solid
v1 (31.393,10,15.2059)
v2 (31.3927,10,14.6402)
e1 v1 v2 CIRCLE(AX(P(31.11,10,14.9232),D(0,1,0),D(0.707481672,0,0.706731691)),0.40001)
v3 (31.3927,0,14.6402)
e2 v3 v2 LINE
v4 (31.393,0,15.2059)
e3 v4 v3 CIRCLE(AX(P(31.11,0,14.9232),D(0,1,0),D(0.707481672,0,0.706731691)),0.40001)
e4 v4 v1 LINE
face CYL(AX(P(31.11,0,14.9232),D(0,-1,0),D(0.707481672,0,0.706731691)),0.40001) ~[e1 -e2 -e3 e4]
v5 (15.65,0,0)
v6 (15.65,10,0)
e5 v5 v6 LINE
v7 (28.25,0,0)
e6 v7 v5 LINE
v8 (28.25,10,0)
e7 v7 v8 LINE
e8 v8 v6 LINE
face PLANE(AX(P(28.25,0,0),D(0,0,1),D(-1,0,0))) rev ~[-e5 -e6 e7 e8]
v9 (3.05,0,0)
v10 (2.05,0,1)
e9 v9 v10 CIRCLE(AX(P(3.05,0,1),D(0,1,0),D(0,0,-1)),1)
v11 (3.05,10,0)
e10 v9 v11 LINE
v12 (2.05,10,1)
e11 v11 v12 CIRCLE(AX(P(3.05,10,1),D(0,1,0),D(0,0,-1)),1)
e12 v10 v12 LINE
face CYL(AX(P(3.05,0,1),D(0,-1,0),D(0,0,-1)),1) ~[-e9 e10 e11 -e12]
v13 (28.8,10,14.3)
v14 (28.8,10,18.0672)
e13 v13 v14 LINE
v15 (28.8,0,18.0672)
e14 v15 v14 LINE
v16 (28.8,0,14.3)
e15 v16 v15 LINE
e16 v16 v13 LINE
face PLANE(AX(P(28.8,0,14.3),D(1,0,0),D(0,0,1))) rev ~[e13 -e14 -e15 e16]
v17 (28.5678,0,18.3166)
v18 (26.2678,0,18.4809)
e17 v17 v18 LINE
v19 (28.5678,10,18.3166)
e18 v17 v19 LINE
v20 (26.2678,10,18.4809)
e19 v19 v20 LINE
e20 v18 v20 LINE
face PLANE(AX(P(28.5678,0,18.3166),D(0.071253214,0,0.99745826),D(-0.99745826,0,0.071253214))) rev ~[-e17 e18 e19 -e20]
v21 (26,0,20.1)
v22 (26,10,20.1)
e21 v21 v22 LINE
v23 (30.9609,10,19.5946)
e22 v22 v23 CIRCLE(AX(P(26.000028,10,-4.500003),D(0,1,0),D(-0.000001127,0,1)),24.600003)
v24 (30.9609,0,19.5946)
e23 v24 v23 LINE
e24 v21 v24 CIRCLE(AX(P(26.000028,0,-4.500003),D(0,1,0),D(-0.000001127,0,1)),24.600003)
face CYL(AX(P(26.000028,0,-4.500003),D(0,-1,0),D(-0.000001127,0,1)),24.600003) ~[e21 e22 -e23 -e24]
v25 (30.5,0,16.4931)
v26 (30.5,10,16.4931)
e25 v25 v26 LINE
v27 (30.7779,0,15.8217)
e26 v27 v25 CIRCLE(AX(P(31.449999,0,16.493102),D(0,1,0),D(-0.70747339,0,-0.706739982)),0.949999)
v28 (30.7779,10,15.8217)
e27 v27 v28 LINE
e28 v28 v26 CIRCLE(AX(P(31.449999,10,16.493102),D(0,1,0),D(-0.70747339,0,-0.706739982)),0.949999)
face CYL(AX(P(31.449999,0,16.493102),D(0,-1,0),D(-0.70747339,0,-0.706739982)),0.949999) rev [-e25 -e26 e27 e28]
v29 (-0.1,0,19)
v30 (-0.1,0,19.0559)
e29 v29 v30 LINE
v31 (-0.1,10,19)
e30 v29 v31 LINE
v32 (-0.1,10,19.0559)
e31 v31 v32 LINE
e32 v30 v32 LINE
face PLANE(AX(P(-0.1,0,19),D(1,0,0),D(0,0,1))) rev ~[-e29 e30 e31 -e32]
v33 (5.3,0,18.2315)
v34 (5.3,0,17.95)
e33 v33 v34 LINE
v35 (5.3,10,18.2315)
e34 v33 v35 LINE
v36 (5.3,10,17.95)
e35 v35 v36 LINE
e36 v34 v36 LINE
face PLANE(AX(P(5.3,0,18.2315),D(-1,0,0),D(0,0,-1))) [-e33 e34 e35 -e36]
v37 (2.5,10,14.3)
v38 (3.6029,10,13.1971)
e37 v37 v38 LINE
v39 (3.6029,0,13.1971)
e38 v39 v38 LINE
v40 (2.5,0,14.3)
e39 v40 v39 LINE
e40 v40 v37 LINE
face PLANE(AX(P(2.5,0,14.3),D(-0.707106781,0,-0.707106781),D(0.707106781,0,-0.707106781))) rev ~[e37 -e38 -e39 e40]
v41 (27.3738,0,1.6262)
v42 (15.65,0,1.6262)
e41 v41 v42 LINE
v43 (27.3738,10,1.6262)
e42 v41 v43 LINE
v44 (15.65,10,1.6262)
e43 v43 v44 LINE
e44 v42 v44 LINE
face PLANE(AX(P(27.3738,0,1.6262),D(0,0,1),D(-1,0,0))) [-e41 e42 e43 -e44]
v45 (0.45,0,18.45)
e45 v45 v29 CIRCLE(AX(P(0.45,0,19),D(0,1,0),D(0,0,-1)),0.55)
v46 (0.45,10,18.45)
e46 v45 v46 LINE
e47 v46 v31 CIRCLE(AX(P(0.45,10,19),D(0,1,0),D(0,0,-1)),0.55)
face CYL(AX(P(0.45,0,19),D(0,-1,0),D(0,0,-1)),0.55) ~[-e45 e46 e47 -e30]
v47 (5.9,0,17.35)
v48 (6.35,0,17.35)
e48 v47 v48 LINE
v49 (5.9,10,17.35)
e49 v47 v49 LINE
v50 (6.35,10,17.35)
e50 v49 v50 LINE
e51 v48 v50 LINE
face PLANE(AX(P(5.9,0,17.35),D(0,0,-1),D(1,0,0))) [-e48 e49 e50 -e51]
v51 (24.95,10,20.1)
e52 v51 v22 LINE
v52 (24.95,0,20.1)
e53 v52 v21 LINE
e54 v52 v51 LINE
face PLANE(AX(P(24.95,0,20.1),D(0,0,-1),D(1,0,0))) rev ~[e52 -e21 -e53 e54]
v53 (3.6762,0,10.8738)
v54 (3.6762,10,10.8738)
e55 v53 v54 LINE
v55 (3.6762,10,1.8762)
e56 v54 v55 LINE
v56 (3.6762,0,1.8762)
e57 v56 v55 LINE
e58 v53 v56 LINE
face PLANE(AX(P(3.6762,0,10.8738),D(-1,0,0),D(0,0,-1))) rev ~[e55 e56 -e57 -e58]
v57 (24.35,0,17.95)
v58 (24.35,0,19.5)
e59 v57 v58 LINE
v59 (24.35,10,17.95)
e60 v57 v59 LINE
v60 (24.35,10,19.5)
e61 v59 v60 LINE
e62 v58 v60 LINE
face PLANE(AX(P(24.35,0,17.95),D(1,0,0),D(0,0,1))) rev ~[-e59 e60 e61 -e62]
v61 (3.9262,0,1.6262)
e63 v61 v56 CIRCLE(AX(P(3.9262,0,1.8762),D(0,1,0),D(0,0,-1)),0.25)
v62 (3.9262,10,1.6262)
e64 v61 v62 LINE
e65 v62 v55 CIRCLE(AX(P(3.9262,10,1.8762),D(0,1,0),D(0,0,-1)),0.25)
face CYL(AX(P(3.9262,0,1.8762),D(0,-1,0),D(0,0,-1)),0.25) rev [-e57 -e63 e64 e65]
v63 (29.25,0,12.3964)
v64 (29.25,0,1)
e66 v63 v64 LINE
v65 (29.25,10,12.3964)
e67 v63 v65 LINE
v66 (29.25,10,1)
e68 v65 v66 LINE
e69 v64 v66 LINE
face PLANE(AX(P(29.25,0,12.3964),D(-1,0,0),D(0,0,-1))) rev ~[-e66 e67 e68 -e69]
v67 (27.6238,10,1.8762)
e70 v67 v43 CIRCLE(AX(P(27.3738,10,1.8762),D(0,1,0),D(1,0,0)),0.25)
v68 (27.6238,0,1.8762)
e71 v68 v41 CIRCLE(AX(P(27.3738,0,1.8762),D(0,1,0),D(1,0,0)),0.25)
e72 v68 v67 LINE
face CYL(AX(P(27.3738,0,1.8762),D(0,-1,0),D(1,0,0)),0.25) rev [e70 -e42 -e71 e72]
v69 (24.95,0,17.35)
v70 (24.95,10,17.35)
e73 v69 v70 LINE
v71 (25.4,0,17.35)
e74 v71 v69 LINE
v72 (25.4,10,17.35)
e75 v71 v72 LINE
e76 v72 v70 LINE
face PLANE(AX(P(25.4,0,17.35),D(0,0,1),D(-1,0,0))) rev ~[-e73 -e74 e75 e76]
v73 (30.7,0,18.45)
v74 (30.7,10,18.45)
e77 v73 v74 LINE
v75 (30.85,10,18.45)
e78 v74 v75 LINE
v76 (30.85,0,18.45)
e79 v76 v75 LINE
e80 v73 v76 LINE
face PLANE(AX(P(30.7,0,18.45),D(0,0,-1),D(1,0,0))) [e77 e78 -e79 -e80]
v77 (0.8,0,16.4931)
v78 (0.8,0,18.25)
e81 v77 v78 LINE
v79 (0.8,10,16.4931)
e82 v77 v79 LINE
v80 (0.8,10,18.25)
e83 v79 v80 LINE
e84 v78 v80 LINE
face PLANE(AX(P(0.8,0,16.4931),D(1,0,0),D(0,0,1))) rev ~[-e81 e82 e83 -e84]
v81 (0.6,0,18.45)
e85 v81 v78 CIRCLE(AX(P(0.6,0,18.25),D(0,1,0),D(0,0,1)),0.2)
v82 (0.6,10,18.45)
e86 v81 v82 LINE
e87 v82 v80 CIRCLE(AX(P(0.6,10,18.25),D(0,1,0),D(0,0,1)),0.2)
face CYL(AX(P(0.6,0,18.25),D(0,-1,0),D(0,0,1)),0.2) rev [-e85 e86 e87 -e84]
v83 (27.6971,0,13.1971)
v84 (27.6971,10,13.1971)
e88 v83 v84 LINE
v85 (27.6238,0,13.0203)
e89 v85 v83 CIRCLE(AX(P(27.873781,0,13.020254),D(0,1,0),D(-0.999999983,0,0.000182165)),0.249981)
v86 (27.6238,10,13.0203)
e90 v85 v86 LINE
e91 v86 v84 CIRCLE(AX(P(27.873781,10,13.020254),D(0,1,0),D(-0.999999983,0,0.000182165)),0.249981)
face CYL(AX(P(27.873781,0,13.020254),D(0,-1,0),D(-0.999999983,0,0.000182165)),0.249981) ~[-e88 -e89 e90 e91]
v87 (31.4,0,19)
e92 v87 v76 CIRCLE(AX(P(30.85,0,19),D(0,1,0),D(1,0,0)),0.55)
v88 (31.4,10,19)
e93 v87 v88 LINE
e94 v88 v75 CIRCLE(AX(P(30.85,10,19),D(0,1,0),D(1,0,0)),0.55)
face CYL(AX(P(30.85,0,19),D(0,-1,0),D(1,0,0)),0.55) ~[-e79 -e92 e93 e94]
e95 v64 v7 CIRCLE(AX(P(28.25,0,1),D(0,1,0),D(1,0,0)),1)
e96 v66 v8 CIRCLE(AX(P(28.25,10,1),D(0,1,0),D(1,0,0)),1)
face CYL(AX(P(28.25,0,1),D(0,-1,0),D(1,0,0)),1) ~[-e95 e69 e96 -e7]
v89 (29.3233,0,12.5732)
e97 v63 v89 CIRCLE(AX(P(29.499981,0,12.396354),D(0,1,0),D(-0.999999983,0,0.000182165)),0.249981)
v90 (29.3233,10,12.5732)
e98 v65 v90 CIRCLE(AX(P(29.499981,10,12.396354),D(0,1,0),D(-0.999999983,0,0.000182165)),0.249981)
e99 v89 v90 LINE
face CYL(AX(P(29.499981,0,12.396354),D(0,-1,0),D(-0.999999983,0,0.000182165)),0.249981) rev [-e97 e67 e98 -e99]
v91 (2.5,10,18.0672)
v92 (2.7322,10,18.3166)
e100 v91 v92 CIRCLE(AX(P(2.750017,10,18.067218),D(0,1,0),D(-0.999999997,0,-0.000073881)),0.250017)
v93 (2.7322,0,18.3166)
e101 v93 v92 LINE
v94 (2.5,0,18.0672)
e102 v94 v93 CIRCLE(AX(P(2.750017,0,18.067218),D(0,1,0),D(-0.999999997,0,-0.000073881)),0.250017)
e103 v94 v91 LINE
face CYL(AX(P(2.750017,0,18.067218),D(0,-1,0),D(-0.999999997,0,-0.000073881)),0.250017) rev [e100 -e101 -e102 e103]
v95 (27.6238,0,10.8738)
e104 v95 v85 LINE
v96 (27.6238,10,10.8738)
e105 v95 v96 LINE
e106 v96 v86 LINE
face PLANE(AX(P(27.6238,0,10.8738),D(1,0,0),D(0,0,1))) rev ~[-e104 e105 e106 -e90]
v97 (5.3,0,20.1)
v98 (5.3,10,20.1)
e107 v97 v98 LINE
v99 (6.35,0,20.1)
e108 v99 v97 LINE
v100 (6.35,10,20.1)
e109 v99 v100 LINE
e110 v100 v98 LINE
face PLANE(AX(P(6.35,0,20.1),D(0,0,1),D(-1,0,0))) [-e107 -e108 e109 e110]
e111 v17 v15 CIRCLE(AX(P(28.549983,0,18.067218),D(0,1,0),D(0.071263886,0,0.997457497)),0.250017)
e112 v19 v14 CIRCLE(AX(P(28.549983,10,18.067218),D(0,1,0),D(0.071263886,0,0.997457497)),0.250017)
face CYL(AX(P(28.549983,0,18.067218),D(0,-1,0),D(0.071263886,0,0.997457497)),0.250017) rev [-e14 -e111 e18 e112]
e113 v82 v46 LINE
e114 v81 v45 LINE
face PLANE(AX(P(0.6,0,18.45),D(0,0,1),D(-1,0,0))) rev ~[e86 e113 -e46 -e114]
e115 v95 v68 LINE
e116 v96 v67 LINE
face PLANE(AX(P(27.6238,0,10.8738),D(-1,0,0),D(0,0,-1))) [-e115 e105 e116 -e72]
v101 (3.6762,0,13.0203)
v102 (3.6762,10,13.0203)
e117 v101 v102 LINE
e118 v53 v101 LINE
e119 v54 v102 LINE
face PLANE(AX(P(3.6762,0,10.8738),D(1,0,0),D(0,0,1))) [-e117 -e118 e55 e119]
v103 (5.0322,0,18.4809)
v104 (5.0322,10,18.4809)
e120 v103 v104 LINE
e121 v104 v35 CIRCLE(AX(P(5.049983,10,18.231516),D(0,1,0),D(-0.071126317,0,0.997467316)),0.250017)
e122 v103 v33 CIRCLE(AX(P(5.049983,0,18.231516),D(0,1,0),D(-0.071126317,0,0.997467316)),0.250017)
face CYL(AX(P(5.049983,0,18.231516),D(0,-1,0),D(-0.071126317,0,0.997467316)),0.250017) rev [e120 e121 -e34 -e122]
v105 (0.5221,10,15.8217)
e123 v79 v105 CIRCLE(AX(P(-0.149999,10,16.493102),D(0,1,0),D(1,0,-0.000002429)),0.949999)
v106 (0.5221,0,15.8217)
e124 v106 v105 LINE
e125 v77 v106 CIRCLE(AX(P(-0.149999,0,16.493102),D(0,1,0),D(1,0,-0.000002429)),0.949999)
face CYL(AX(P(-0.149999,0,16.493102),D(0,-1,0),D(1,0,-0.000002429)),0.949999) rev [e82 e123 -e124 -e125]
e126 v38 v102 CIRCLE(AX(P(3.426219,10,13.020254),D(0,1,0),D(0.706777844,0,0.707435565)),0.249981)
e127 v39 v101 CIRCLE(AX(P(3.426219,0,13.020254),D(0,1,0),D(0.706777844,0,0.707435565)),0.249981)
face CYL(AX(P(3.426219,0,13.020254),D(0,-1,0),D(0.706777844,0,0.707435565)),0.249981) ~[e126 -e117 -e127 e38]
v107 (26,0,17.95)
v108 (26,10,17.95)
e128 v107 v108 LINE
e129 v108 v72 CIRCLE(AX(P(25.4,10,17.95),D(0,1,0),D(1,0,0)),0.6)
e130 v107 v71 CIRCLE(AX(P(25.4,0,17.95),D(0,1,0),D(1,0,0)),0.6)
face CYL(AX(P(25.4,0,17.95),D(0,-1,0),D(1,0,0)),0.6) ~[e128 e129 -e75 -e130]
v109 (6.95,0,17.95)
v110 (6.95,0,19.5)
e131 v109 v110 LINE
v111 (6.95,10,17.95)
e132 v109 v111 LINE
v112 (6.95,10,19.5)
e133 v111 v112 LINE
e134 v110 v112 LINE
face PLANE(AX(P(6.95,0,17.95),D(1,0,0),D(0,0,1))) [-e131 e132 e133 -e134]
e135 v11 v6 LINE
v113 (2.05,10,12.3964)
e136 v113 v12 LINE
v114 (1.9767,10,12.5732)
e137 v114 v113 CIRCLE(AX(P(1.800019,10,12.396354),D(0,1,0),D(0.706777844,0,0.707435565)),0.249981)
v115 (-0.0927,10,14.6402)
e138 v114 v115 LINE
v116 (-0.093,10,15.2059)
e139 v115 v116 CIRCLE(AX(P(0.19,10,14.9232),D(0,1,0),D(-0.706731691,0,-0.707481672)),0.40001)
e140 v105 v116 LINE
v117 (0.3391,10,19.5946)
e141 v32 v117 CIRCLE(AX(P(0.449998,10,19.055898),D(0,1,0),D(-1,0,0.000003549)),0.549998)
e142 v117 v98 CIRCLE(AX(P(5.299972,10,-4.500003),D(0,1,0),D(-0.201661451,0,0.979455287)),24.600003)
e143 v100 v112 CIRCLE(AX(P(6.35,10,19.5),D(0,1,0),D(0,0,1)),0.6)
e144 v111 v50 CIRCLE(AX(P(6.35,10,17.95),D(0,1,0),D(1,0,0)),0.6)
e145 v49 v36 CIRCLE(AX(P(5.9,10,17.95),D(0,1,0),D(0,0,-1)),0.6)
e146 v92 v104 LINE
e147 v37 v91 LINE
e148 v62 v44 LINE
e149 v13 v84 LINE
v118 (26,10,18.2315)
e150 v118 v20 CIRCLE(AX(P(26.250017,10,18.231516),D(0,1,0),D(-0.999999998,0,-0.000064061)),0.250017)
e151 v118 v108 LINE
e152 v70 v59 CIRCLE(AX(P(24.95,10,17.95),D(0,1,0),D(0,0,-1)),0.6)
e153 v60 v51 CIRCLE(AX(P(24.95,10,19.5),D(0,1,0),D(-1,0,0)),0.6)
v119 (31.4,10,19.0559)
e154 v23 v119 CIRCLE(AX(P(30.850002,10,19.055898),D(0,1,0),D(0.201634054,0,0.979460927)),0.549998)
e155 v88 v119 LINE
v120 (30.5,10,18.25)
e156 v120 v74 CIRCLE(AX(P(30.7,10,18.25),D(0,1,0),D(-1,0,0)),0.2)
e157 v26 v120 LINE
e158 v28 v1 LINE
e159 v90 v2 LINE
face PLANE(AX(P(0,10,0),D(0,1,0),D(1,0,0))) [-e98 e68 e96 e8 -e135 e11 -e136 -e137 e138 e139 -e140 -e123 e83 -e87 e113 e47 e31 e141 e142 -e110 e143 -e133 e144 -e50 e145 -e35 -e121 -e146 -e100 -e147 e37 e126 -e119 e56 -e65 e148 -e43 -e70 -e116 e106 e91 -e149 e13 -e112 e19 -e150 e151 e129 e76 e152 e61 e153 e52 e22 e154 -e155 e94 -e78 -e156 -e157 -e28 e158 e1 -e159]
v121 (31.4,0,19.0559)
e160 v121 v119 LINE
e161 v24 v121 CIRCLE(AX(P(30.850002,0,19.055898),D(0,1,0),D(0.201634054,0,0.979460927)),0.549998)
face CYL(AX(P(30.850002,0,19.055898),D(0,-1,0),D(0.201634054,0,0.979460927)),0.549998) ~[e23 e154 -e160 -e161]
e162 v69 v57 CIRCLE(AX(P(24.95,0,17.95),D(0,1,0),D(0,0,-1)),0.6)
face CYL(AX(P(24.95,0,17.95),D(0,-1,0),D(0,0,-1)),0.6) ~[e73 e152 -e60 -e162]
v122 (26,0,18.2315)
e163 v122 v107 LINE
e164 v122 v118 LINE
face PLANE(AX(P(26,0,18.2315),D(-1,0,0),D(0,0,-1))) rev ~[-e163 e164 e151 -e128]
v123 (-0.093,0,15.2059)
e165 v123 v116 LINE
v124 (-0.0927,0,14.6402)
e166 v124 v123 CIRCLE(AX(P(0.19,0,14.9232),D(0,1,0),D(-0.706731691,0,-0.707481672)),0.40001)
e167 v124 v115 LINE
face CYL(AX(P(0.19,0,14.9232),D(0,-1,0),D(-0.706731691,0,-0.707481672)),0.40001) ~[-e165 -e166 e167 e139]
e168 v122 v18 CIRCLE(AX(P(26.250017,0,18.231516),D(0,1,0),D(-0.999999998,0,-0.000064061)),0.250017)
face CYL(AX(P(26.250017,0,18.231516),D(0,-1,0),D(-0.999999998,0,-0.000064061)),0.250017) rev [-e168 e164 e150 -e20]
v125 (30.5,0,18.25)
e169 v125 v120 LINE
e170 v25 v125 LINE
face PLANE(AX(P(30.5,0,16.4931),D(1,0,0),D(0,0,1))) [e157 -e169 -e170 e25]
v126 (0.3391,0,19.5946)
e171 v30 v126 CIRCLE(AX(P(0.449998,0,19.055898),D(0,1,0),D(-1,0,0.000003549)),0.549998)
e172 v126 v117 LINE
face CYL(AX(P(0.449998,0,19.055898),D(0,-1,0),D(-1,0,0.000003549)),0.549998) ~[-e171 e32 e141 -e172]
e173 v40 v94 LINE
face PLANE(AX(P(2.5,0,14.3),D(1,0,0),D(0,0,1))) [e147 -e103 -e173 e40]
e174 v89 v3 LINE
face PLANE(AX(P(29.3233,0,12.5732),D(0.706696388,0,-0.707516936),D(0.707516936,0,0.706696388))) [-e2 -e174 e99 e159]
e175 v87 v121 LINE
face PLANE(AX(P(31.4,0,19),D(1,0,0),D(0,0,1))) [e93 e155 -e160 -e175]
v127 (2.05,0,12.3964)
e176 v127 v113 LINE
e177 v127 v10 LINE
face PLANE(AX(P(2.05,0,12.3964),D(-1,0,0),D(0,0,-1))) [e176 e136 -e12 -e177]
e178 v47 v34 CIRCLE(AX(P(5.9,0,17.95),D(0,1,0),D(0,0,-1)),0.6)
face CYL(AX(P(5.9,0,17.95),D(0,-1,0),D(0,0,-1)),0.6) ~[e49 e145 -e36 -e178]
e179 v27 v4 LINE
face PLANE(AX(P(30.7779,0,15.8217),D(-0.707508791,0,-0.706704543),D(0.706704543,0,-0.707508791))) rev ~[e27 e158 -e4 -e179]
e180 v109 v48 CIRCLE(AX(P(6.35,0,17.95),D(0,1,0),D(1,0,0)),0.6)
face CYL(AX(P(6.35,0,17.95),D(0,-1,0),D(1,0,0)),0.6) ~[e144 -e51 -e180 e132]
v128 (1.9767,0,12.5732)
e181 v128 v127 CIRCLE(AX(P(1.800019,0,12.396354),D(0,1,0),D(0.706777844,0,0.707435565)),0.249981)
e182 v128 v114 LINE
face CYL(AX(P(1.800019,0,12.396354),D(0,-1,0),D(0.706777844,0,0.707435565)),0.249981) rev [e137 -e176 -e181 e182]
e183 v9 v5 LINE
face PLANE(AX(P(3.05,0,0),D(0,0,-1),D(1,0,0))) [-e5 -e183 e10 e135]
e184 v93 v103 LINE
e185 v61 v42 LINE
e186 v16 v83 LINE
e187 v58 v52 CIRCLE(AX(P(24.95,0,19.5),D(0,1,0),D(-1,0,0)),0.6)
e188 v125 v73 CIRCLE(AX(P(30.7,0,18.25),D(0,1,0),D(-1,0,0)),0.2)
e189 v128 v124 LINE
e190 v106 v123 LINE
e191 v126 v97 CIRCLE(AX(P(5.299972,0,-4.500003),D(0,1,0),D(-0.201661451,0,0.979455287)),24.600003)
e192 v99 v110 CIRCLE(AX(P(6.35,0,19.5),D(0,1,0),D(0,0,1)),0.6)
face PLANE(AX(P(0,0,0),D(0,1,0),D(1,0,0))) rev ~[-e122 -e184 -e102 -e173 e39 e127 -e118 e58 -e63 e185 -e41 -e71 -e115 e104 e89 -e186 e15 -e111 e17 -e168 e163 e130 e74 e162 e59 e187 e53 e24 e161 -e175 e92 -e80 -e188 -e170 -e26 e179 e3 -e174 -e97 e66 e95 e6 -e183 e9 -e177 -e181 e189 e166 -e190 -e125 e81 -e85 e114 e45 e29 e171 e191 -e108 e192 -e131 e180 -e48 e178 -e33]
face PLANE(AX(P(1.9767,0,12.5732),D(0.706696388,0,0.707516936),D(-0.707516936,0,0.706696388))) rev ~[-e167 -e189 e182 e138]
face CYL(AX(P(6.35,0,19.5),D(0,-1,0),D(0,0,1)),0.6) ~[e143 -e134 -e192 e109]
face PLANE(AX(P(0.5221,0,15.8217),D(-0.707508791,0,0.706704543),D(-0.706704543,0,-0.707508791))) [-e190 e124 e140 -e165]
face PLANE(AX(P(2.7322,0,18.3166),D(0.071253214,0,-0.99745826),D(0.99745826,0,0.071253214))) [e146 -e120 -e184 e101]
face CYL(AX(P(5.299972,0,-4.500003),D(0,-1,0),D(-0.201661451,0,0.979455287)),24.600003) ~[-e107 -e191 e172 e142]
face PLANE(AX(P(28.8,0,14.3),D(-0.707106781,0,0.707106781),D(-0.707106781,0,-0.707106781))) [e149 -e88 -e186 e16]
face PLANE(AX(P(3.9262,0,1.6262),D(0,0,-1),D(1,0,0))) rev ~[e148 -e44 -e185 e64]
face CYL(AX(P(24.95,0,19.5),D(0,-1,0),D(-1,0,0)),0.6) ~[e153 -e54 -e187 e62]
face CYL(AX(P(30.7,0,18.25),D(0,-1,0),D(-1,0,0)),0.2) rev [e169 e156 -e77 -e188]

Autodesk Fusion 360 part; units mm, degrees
sketch "Boceto1" plane through (0, 0, 0) normal (0, 1, 0) x (1, 0, 0)
  line L0 (2.05, 0) -> (0, 0) construction
  line L1 (3.05, 0) -> (15.65, 0)
  line L2 (2.05, -12.3964) -> (2.05, -1)
  arc A0 (3.05, 0) -> (2.05, -1) centre (3.05, -1) ccw
  line L3 (3.6762, -10.8738) -> (3.6762, -1.8762)
  line L4 (3.9262, -1.6262) -> (15.65, -1.6262)
  arc A1 (3.9262, -1.6262) -> (3.6762, -1.8762) centre (3.9262, -1.8762) ccw
  line L5 (1.9767, -12.5732) -> (-0.0927, -14.6402)
  line L6 (0.5221, -15.8217) -> (-0.093, -15.2059)
  arc A2 (-0.0927, -14.6402) -> (-0.093, -15.2059) centre (0.19, -14.9232) ccw
  line L7 (0.8, -16.4931) -> (0.8, -18.25)
  line L8 (0.6, -18.45) -> (0.45, -18.45)
  arc A3 (0.8, -16.4931) -> (0.5221, -15.8217) centre (-0.15, -16.4931) ccw
  arc A4 (0.6, -18.45) -> (0.8, -18.25) centre (0.6, -18.25) ccw
  line L9 (3.6762, -10.8738) -> (3.6762, -13.0203)
  line L10 (2.5, -14.3) -> (3.6029, -13.1971)
  line L11 (2.5, -14.3) -> (2.5, -18.0672)
  line L12 (2.7322, -18.3166) -> (5.0322, -18.4809)
  line L13 (5.3, -18.2315) -> (5.3, -17.95)
  line L14 (5.9, -17.35) -> (6.35, -17.35)
  line L15 (6.95, -17.95) -> (6.95, -19.5)
  line L16 (6.35, -20.1) -> (5.3, -20.1)
  line L17 (-0.1, -19) -> (-0.1, -19.0559)
  arc A5 (0.3391, -19.5946) -> (5.3, -20.1) centre (5.3, 4.5) ccw
  arc A6 (-0.1, -19.0559) -> (0.3391, -19.5946) centre (0.45, -19.0559) ccw
  arc A7 (0.45, -18.45) -> (-0.1, -19) centre (0.45, -19) ccw
  arc A8 (6.35, -20.1) -> (6.95, -19.5) centre (6.35, -19.5) ccw
  arc A9 (6.95, -17.95) -> (6.35, -17.35) centre (6.35, -17.95) ccw
  arc A10 (5.9, -17.35) -> (5.3, -17.95) centre (5.9, -17.95) ccw
  arc A11 (5.0322, -18.4809) -> (5.3, -18.2315) centre (5.05, -18.2315) ccw
  arc A12 (2.5, -18.0672) -> (2.7322, -18.3166) centre (2.75, -18.0672) ccw
  arc A13 (3.6029, -13.1971) -> (3.6762, -13.0203) centre (3.4262, -13.0203) ccw
  arc A14 (1.9767, -12.5732) -> (2.05, -12.3964) centre (1.8, -12.3964) ccw
  line L18 (15.65, 0) -> (15.65, -24.4844) construction
  line L19 (28.8, -14.3) -> (27.6971, -13.1971)
  line L20 (27.6238, -10.8738) -> (27.6238, -13.0203)
  arc A15 (24.35, -19.5) -> (24.95, -20.1) centre (24.95, -19.5) ccw
  line L21 (30.7, -18.45) -> (30.85, -18.45)
  line L22 (29.25, -12.3964) -> (29.25, -1)
  line L23 (26, -18.2315) -> (26, -17.95)
  line L24 (28.8, -14.3) -> (28.8, -18.0672)
  line L25 (30.7779, -15.8217) -> (31.393, -15.2059)
  arc A16 (30.5, -18.25) -> (30.7, -18.45) centre (30.7, -18.25) ccw
  line L26 (31.4, -19) -> (31.4, -19.0559)
  arc A17 (31.4, -19) -> (30.85, -18.45) centre (30.85, -19) ccw
  arc A18 (29.25, -1) -> (28.25, 0) centre (28.25, -1) ccw
  arc A19 (31.393, -15.2059) -> (31.3927, -14.6402) centre (31.11, -14.9232) ccw
  line L27 (25.4, -17.35) -> (24.95, -17.35)
  line L28 (29.3233, -12.5732) -> (31.3927, -14.6402)
  arc A20 (24.95, -17.35) -> (24.35, -17.95) centre (24.95, -17.95) ccw
  arc A21 (29.25, -12.3964) -> (29.3233, -12.5732) centre (29.5, -12.3964) ccw
  arc A22 (30.9609, -19.5946) -> (31.4, -19.0559) centre (30.85, -19.0559) ccw
  arc A23 (26, -18.2315) -> (26.2678, -18.4809) centre (26.25, -18.2315) ccw
  line L29 (29.25, 0) -> (31.3, 0) construction
  arc A24 (26, -20.1) -> (30.9609, -19.5946) centre (26, 4.5) ccw
  line L30 (24.35, -17.95) -> (24.35, -19.5)
  line L31 (24.95, -20.1) -> (26, -20.1)
  arc A25 (27.6238, -1.8762) -> (27.3738, -1.6262) centre (27.3738, -1.8762) ccw
  arc A26 (26, -17.95) -> (25.4, -17.35) centre (25.4, -17.95) ccw
  line L32 (30.5, -16.4931) -> (30.5, -18.25)
  arc A27 (28.5678, -18.3166) -> (28.8, -18.0672) centre (28.55, -18.0672) ccw
  line L33 (28.5678, -18.3166) -> (26.2678, -18.4809)
  line L34 (27.6238, -10.8738) -> (27.6238, -1.8762)
  arc A28 (30.7779, -15.8217) -> (30.5, -16.4931) centre (31.45, -16.4931) ccw
  arc A29 (27.6238, -13.0203) -> (27.6971, -13.1971) centre (27.8738, -13.0203) ccw
  line L35 (27.3738, -1.6262) -> (15.65, -1.6262)
  line L36 (28.25, 0) -> (15.65, 0)
  point P0 (31.3, 0)
  dimension "d1" = 1
  dimension "d3" = 0.25
  dimension "d4" = 0.4
  dimension "d5" = 0.95
  dimension "d6" = 0.2
  dimension "d7" = 0.55
  dimension "d8" = 0.6
  dimension "d9" = 0.25
extrude "Extruir1" add sketch "Boceto1" along normal blind 10
equation "L = 10 mm"
equation "d11 = L"
